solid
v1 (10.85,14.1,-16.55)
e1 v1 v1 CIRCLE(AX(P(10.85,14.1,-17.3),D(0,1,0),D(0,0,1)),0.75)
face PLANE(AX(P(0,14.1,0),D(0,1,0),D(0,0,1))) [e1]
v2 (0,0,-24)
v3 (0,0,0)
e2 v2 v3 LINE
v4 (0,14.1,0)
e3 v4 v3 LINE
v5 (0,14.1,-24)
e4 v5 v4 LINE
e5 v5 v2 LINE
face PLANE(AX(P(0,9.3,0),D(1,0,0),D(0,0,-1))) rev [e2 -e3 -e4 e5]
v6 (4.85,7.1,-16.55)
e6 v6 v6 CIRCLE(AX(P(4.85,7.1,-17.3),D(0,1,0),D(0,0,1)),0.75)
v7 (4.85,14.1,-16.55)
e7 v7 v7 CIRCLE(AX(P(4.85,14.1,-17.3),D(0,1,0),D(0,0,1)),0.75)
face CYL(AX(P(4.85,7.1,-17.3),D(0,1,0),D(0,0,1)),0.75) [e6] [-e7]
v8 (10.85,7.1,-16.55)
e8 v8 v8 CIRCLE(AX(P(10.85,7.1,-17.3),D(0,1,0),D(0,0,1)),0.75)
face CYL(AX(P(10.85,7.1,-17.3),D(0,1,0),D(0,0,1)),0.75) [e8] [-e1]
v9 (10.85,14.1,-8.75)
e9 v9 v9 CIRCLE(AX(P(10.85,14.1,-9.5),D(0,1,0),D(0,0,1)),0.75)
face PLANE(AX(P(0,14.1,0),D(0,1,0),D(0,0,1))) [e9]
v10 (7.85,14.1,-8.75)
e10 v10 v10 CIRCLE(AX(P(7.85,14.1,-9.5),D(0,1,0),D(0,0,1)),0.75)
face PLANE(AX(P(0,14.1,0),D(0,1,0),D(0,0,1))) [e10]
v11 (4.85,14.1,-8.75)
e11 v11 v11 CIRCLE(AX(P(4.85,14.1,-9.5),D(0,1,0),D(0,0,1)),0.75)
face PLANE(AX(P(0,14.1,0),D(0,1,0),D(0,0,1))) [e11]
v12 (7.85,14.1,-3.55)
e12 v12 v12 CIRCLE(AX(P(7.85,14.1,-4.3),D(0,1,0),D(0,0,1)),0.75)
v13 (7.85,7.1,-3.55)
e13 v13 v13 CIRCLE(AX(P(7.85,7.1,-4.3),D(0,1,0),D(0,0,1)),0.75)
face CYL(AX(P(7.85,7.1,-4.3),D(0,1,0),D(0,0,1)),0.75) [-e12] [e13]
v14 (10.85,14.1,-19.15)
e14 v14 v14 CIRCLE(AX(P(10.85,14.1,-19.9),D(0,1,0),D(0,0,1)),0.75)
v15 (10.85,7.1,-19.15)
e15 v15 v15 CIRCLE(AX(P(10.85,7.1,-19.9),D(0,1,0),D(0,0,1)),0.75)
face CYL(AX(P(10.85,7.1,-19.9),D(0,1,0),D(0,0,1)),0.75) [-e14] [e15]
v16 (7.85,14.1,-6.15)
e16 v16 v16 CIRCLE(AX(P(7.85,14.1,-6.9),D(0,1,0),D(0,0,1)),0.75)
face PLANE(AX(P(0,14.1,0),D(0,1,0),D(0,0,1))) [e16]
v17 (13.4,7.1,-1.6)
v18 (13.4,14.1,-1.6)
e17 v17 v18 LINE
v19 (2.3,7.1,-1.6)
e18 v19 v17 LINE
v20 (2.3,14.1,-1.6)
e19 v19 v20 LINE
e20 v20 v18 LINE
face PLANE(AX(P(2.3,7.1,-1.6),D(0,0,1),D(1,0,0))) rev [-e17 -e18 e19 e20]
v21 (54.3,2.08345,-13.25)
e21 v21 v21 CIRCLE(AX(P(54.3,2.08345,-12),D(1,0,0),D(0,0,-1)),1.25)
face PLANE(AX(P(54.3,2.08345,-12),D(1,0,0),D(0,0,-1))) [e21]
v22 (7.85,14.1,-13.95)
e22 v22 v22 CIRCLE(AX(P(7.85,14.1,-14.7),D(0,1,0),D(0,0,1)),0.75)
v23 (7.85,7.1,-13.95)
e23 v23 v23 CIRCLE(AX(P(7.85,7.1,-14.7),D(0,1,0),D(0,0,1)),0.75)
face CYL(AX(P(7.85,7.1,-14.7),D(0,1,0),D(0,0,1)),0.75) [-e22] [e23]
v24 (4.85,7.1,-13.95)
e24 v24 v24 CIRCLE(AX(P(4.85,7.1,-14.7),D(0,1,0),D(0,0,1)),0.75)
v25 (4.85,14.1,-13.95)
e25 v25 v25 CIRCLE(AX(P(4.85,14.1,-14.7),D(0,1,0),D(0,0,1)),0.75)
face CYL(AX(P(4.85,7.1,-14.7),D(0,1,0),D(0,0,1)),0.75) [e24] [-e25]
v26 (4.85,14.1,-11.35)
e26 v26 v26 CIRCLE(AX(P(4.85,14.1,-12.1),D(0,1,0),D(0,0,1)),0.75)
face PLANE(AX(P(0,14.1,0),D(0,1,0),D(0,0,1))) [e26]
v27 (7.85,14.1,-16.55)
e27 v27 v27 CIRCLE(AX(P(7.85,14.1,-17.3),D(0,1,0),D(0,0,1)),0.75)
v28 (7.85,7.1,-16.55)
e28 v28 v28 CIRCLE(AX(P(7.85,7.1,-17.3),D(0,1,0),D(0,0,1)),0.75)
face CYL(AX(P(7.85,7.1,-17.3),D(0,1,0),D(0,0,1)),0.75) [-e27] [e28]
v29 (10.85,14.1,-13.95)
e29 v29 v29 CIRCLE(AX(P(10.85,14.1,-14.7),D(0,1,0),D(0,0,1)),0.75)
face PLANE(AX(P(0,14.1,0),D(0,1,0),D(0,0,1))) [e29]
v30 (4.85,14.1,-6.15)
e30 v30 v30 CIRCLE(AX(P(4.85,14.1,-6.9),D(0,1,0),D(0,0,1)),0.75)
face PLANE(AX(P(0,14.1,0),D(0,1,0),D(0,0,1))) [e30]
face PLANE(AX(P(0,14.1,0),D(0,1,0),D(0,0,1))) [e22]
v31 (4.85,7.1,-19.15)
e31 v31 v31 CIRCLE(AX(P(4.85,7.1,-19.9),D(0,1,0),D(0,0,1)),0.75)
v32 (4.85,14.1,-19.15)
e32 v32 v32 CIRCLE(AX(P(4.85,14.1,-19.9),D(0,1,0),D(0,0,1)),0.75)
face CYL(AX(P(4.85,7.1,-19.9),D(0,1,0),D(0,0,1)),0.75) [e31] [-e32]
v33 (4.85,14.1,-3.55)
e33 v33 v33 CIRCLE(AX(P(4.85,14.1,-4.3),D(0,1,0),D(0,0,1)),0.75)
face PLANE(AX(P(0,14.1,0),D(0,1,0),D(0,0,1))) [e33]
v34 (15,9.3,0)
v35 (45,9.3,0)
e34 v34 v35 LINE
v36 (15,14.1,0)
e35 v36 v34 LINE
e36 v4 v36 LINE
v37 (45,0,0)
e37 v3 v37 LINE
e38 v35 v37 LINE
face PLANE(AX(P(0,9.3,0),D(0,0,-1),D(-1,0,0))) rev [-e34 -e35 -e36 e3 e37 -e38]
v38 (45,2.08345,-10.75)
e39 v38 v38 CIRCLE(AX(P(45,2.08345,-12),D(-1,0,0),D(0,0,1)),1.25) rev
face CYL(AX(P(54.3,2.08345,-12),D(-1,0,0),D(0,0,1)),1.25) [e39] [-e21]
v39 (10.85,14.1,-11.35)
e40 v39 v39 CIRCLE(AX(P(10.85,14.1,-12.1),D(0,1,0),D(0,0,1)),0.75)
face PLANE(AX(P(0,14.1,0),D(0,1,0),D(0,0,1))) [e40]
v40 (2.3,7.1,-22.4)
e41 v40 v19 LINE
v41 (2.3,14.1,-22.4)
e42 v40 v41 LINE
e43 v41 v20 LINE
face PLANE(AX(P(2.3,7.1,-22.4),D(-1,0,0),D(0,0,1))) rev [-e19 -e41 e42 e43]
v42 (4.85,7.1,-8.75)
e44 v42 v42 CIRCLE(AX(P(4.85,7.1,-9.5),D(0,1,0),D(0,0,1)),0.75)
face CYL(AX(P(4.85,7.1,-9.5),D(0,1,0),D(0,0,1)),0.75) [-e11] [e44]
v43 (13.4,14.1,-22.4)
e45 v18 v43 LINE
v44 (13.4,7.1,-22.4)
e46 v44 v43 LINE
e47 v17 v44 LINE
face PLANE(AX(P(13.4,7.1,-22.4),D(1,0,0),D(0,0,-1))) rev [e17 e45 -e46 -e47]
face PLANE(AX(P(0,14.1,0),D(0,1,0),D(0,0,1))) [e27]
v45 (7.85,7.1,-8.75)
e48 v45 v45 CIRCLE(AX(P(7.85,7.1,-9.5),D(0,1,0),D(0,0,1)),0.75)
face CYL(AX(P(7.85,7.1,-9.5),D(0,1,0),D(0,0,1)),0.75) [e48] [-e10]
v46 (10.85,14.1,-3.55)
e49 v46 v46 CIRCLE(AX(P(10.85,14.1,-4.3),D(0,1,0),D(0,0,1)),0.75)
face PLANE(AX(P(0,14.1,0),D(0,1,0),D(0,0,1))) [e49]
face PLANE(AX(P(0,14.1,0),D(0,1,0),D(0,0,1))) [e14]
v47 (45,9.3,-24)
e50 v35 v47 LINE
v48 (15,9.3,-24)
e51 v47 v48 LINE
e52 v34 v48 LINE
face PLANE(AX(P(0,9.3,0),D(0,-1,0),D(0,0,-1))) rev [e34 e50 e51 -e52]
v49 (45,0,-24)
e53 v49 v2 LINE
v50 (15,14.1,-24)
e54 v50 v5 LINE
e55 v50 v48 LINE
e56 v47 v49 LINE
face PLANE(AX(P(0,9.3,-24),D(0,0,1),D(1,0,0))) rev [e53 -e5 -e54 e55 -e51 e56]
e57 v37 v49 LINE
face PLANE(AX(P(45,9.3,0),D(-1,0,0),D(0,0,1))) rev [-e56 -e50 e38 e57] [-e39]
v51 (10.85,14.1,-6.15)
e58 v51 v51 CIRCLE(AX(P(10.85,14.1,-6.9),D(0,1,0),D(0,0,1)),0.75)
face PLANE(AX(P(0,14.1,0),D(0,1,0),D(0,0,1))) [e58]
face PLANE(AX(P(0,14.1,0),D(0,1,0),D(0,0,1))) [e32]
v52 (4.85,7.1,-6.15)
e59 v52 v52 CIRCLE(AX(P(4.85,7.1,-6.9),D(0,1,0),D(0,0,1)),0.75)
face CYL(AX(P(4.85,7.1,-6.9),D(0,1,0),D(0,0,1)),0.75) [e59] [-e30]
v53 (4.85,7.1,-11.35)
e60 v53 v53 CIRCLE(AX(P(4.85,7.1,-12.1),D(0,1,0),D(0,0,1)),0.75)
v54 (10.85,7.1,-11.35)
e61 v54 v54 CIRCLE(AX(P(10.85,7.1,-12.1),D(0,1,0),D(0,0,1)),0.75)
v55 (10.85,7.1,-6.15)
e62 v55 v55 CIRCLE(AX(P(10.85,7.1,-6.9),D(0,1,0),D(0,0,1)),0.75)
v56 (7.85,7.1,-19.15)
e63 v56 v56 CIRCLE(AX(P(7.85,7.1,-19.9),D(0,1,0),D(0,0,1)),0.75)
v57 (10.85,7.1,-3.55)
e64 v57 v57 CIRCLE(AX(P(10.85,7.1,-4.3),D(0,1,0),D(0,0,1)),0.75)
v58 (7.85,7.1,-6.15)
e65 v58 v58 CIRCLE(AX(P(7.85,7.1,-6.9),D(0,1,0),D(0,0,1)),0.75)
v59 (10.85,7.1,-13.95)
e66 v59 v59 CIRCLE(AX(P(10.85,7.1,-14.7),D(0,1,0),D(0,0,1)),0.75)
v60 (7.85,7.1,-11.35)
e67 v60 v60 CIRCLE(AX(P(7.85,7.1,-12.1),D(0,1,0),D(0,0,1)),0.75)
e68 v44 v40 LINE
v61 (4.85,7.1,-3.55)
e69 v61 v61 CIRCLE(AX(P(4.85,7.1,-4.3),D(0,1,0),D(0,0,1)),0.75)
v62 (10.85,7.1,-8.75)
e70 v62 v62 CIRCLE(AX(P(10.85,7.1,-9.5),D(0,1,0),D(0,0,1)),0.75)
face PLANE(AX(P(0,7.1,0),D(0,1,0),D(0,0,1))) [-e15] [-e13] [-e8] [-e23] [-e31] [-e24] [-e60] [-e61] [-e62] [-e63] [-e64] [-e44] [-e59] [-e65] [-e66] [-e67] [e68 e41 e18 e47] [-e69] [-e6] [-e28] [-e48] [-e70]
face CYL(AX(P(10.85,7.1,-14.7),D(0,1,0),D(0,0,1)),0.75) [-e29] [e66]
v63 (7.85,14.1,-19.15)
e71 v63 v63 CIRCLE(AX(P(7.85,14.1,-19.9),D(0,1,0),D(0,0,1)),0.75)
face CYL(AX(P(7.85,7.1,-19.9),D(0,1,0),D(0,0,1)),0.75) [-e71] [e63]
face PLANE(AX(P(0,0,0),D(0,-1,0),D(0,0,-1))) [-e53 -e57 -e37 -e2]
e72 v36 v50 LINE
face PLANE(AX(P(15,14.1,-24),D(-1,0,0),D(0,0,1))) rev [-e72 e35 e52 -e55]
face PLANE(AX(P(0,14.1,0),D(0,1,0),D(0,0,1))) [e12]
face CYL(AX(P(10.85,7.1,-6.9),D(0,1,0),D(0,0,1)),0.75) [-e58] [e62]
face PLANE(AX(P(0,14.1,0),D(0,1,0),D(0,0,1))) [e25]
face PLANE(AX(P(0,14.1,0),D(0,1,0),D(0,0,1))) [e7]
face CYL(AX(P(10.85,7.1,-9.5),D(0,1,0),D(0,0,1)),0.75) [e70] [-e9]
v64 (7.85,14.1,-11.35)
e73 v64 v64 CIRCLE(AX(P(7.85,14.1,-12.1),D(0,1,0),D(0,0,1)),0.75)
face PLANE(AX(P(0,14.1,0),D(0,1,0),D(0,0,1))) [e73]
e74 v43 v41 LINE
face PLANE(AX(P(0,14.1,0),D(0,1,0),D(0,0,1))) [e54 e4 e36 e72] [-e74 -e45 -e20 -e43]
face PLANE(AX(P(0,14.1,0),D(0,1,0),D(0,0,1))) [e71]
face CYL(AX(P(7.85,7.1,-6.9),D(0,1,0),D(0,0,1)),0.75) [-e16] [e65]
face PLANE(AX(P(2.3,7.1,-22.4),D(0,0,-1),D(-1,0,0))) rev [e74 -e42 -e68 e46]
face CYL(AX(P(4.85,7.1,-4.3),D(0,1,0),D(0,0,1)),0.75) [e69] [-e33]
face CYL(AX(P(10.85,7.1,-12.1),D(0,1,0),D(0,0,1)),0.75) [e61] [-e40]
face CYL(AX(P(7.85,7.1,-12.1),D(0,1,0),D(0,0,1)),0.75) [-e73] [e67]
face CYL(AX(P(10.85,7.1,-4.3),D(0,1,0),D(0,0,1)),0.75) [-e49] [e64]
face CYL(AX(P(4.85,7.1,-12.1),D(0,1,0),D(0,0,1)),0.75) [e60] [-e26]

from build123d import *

# Parameters (mm, degrees)
SKETCH1_W           = 45
SKETCH1_H           = 24
BOSS_EXTRUDE1_DEPTH = 9.3
SKETCH2_R           = 1.25
BOSS_EXTRUDE2_DEPTH = 9.3
SKETCH3_W           = 15
SKETCH3_H           = 24
BOSS_EXTRUDE3_DEPTH = 4.8
SKETCH4_W           = 11.1
SKETCH4_H           = 20.8
SKETCH4_R           = 0.75
CUT_EXTRUDE1_DEPTH  = 7


with BuildPart() as part:
    # Sketch1 → Boss-Extrude1 (new body)
    with BuildSketch(Plane(origin=(0, 0, 0), x_dir=(1, 0, 0), z_dir=(0, 1, 0))):
        with Locations((22.5, 12)):
            Rectangle(SKETCH1_W, SKETCH1_H)
    extrude(amount=BOSS_EXTRUDE1_DEPTH)

    # Sketch2 → Boss-Extrude2 (add)
    with BuildSketch(Plane(origin=(45, 0, 0), x_dir=(0, 0, -1), z_dir=(1, 0, 0))):
        with Locations((12, 2.083449871)):
            Circle(SKETCH2_R)
    extrude(amount=BOSS_EXTRUDE2_DEPTH)

    # Sketch3 → Boss-Extrude3 (add)
    with BuildSketch(Plane(origin=(0, 9.3, 0), x_dir=(1, 0, 0), z_dir=(0, 1, 0))):
        with Locations((7.5, 12)):
            Rectangle(SKETCH3_W, SKETCH3_H)
    extrude(amount=BOSS_EXTRUDE3_DEPTH)

    # Sketch4 → Cut-Extrude1 (cut)
    with BuildSketch(Plane(origin=(0, 14.1, 0), x_dir=(1, 0, 0), z_dir=(0, 1, 0))):
        with Locations((7.85, 12)):
            Rectangle(SKETCH4_W, SKETCH4_H)
        with Locations((4.85, 19.9)):
            Circle(SKETCH4_R, mode=Mode.SUBTRACT)
        with Locations((7.85, 19.9)):
            Circle(SKETCH4_R, mode=Mode.SUBTRACT)
        with Locations((10.85, 19.9)):
            Circle(SKETCH4_R, mode=Mode.SUBTRACT)
        with Locations((4.85, 17.3)):
            Circle(SKETCH4_R, mode=Mode.SUBTRACT)
        with Locations((7.85, 17.3)):
            Circle(SKETCH4_R, mode=Mode.SUBTRACT)
        with Locations((10.85, 17.3)):
            Circle(SKETCH4_R, mode=Mode.SUBTRACT)
        with Locations((4.85, 14.7)):
            Circle(SKETCH4_R, mode=Mode.SUBTRACT)
        with Locations((7.85, 14.7)):
            Circle(SKETCH4_R, mode=Mode.SUBTRACT)
        with Locations((10.85, 14.7)):
            Circle(SKETCH4_R, mode=Mode.SUBTRACT)
        with Locations((4.85, 12.1)):
            Circle(SKETCH4_R, mode=Mode.SUBTRACT)
        with Locations((7.85, 12.1)):
            Circle(SKETCH4_R, mode=Mode.SUBTRACT)
        with Locations((10.85, 12.1)):
            Circle(SKETCH4_R, mode=Mode.SUBTRACT)
        with Locations((4.85, 9.5)):
            Circle(SKETCH4_R, mode=Mode.SUBTRACT)
        with Locations((7.85, 9.5)):
            Circle(SKETCH4_R, mode=Mode.SUBTRACT)
        with Locations((10.85, 9.5)):
            Circle(SKETCH4_R, mode=Mode.SUBTRACT)
        with Locations((4.85, 6.9)):
            Circle(SKETCH4_R, mode=Mode.SUBTRACT)
        with Locations((7.85, 6.9)):
            Circle(SKETCH4_R, mode=Mode.SUBTRACT)
        with Locations((10.85, 6.9)):
            Circle(SKETCH4_R, mode=Mode.SUBTRACT)
        with Locations((4.85, 4.3)):
            Circle(SKETCH4_R, mode=Mode.SUBTRACT)
        with Locations((7.85, 4.3)):
            Circle(SKETCH4_R, mode=Mode.SUBTRACT)
        with Locations((10.85, 4.3)):
            Circle(SKETCH4_R, mode=Mode.SUBTRACT)
    extrude(amount=-CUT_EXTRUDE1_DEPTH, mode=Mode.SUBTRACT)


solid = part.part
